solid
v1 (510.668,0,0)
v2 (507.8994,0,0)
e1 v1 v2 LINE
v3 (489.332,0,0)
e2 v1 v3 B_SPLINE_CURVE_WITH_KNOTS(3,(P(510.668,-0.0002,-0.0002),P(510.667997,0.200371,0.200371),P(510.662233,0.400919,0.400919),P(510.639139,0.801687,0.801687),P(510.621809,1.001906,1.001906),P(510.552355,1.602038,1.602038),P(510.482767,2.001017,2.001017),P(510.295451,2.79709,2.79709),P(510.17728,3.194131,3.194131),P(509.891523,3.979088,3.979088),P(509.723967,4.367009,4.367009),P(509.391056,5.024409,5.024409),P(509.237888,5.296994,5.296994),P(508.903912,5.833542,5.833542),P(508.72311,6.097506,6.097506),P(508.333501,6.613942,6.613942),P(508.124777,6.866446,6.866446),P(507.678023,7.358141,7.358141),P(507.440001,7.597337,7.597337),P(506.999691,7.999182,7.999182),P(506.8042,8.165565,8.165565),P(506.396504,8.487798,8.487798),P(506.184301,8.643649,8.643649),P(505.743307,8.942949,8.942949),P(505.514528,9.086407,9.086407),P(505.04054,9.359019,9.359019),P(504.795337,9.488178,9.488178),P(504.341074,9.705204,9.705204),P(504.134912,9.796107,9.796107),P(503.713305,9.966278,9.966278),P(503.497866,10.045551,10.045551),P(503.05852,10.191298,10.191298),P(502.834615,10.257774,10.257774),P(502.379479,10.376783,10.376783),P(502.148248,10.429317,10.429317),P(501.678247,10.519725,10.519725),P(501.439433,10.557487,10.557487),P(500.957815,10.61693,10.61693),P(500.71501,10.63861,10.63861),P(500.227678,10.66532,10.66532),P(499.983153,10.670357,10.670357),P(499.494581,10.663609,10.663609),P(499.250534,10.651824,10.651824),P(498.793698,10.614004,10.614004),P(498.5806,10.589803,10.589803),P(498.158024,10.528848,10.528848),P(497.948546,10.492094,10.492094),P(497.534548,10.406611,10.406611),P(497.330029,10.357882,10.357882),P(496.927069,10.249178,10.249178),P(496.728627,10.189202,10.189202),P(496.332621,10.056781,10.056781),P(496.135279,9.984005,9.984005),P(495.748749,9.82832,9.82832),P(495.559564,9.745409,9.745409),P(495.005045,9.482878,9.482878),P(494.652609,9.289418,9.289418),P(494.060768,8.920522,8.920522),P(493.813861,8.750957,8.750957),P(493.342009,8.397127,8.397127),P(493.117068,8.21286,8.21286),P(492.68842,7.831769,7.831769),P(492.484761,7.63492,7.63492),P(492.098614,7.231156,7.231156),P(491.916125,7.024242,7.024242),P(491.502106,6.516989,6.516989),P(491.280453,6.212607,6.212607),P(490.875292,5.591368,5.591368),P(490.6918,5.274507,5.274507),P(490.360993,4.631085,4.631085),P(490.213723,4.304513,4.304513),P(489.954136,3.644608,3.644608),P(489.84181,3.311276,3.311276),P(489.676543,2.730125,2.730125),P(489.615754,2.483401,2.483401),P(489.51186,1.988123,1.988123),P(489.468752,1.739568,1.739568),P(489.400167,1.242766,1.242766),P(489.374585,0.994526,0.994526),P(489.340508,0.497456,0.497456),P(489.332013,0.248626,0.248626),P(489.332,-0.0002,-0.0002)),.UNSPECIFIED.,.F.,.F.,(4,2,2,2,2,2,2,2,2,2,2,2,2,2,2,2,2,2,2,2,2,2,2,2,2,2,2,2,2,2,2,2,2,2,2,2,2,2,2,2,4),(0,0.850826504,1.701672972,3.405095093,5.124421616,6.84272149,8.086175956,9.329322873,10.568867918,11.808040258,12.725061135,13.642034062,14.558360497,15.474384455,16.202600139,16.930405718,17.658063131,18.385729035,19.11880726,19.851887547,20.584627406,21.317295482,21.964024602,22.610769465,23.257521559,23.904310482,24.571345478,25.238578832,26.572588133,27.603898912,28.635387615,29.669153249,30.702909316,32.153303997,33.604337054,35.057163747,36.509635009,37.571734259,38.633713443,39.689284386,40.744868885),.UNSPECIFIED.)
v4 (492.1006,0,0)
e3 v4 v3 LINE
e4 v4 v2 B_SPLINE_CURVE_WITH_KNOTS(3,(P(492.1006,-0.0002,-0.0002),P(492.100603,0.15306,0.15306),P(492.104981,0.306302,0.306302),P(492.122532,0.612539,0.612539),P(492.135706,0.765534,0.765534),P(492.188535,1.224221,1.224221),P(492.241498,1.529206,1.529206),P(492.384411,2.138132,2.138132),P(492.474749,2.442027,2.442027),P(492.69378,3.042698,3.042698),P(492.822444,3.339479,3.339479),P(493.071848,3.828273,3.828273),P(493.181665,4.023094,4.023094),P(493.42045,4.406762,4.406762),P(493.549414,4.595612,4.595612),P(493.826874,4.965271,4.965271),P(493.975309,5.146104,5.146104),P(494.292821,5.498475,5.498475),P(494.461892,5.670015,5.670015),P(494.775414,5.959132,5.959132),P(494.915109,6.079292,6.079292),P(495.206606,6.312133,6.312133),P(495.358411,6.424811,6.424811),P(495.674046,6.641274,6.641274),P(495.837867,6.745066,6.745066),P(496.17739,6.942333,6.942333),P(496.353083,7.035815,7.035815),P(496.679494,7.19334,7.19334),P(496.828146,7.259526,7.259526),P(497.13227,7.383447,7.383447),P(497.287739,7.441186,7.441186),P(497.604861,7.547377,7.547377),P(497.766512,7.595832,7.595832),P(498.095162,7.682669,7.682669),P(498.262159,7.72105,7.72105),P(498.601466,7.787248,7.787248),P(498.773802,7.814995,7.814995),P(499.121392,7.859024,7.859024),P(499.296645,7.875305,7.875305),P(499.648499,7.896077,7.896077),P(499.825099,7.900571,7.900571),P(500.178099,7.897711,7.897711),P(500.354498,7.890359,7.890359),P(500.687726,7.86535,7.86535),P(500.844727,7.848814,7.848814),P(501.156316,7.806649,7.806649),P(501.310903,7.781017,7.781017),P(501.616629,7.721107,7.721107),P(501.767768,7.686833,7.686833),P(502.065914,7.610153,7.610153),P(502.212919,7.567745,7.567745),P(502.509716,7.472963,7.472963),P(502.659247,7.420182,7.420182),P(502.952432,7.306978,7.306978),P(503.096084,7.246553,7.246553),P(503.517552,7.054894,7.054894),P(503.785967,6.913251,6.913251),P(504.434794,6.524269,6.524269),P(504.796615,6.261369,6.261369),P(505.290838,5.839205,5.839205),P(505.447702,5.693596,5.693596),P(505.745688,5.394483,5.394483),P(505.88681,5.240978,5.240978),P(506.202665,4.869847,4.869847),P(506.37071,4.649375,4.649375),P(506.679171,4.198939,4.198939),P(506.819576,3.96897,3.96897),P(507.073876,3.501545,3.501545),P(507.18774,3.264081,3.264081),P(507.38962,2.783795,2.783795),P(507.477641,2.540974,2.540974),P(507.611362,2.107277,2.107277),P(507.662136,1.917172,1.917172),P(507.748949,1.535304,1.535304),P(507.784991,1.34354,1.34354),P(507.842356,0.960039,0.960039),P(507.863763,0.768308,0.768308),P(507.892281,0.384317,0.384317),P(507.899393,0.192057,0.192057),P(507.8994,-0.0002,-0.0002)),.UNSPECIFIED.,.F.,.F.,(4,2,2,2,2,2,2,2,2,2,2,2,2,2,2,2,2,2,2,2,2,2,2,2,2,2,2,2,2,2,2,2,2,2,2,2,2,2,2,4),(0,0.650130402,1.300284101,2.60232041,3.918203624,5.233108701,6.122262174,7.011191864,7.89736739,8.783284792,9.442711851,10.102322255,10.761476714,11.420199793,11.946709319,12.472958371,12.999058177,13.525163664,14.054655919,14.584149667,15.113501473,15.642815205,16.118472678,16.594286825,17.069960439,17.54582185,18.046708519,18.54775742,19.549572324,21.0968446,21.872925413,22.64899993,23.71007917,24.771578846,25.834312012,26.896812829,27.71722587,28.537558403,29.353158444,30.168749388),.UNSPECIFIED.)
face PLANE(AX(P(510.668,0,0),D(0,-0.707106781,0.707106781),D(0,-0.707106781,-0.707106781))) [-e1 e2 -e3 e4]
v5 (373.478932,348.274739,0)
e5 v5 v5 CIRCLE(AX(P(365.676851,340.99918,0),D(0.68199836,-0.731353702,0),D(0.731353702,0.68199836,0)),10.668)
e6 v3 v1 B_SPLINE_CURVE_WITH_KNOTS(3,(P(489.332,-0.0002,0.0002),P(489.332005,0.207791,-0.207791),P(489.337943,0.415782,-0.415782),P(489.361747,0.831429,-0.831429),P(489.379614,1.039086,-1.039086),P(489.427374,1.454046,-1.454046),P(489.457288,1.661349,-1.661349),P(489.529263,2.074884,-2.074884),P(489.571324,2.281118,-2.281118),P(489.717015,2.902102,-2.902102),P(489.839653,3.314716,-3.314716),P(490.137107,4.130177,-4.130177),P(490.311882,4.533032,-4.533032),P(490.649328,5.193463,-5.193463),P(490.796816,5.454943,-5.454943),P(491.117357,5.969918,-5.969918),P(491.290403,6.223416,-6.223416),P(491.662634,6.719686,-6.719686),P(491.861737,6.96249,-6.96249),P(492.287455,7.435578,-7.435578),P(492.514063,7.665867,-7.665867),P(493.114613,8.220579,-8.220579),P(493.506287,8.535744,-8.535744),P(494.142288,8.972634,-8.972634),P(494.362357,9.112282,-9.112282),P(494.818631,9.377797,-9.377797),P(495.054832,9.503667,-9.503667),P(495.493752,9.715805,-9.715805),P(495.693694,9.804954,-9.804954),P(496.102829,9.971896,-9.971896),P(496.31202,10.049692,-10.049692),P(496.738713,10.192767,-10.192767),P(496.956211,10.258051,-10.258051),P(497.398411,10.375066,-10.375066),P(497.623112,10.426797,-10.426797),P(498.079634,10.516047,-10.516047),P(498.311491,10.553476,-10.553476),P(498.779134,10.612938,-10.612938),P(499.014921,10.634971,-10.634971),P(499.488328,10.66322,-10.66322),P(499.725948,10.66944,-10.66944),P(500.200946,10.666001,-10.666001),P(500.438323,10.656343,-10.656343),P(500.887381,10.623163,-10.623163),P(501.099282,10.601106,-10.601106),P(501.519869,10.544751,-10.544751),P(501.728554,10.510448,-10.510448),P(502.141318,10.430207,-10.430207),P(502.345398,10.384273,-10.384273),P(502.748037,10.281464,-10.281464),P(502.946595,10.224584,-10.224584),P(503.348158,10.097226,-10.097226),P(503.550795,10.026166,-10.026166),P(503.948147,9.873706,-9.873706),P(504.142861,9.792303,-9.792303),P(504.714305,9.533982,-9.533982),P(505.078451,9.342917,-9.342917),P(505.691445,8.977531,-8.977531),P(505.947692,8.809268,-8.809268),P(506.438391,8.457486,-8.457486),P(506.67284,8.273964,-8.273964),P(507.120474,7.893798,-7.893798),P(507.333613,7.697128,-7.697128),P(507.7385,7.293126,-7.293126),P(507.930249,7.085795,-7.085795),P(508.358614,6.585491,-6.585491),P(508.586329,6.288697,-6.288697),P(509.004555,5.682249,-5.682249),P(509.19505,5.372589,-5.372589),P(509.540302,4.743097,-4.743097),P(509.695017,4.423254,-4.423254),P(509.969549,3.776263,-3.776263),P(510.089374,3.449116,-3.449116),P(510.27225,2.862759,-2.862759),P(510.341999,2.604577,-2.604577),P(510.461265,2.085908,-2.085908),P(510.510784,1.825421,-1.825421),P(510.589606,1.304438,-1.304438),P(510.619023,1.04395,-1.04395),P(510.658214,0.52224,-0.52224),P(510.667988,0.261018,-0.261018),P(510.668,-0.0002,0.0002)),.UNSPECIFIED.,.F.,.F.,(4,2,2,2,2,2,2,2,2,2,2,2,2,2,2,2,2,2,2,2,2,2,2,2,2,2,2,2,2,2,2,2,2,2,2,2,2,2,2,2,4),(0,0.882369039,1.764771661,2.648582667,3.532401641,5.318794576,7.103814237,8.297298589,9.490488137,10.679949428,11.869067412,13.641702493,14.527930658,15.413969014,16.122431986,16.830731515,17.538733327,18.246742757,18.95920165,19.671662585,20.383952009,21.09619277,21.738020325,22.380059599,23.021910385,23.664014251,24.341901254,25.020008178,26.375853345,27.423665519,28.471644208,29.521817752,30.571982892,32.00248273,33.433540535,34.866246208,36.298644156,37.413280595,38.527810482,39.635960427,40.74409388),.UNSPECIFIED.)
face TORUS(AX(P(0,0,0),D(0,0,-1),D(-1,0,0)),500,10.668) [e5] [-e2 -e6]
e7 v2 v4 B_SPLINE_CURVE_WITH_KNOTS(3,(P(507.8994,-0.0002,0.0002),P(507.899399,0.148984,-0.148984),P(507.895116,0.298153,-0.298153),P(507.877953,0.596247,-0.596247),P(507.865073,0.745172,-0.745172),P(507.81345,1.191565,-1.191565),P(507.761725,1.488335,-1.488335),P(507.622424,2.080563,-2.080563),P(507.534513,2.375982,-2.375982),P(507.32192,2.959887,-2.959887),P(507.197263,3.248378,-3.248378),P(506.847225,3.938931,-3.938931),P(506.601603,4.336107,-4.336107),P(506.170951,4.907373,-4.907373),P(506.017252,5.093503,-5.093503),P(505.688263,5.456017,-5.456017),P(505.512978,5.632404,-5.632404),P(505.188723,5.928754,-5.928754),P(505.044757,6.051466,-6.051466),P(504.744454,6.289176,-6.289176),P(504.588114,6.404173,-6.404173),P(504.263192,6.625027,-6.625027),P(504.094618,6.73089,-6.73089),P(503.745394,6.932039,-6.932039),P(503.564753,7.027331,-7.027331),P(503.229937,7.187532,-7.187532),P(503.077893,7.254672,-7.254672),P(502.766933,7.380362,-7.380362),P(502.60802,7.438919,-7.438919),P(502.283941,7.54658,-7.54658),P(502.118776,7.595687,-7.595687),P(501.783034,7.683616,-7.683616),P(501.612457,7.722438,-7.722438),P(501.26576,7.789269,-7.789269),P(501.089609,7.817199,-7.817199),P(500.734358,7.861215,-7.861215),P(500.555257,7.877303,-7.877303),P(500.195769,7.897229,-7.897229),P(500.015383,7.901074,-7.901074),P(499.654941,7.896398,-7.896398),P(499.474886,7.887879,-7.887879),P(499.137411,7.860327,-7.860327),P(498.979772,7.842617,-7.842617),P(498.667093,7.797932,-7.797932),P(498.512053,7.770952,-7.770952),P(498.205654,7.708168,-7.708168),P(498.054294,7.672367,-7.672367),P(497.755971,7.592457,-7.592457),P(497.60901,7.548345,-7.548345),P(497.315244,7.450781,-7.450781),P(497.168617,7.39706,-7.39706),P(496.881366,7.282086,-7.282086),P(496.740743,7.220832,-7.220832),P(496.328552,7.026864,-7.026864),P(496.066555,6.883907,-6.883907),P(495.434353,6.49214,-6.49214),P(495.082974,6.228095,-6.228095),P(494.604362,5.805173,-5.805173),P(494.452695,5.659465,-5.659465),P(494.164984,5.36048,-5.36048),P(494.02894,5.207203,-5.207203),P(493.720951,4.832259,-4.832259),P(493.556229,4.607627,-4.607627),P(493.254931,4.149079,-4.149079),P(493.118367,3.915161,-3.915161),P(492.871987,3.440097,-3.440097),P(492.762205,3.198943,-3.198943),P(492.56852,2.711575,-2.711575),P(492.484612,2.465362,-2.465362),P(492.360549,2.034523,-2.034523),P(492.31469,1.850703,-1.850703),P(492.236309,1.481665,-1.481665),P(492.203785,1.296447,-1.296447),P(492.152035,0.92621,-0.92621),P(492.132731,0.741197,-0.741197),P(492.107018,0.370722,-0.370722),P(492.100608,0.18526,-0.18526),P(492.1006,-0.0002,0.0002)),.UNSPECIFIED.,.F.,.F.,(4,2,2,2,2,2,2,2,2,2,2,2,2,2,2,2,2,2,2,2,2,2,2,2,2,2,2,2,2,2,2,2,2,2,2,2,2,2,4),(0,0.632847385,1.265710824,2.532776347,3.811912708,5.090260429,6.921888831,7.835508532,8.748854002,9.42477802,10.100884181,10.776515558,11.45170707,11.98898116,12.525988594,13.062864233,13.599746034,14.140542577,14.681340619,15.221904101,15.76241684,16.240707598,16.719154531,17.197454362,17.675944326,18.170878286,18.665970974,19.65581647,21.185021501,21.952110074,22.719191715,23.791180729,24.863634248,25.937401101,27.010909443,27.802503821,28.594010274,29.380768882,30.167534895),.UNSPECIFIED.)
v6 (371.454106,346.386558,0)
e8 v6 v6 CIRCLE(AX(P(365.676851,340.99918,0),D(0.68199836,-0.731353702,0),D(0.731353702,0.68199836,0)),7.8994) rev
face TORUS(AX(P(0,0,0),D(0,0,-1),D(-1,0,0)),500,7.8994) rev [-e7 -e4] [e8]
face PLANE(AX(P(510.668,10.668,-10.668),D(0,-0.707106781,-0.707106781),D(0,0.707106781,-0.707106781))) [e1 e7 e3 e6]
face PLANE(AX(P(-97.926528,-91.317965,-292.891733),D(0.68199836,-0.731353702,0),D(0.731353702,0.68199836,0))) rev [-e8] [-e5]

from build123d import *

# Parameters (mm, degrees)
SKETCH2_R          = 10.668
SKETCH2_R_2        = 7.8994
CUT_EXTRUDE2_DEPTH = 723.272399361
CUT_EXTRUDE4_START = 489.220558
CUT_EXTRUDE4_DEPTH = 21.447442


with BuildPart() as part:
    # Sweep1: sweep along a path in Sketch1
    with BuildLine(Plane.XY) as sweep1_path:
        ThreePointArc((0, 500), (353.553390593, 353.553390593), (500, 0))
    # Sketch2 → Sweep1 (sweep)
    with BuildSketch(Plane(origin=(0, 0, 0), x_dir=(1, 0, 0), z_dir=(0, 1, 0))):
        with Locations((500, 0)):
            Circle(SKETCH2_R)
        with Locations((500, 0)):
            Circle(SKETCH2_R_2, mode=Mode.SUBTRACT)
    sweep(path=sweep1_path.line)

    # Sketch4 → Cut-Extrude2 (cut, through all)
    with BuildSketch(Plane(origin=(0, 0, 0), x_dir=(0, 0, -1), z_dir=(1, 0, 0))):
        Polygon((0, 0), (-10.668, 10.668), (-10.668, -2.04612568), (10.668, -2.04612568), (10.668, 10.668), align=None)
    extrude(amount=CUT_EXTRUDE2_DEPTH, mode=Mode.SUBTRACT)

    # Sketch3 → Cut-Extrude4 (cut)
    with BuildSketch(Plane(origin=(0, 0, 0), x_dir=(1, 0, 0), z_dir=(0, 1, 0)).offset(CUT_EXTRUDE4_START)):
        Polygon((0, 0), (10.668, 10.668), (-11.575334071, 10.668), (-11.575334071, -10.668), (10.668, -10.668), align=None)
    extrude(amount=CUT_EXTRUDE4_DEPTH, mode=Mode.SUBTRACT)


with BuildPart() as body_2:
    # Split1: the piece on the far side of the plane
    add(part.part)
    split(bisect_by=Plane(origin=(-97.926528316, -91.317964988, -292.891733477), x_dir=(-0.7313537016191695, -0.6819983600624997, 0), z_dir=(0.6819983600624997, -0.7313537016191695, 1.2184435043554652e-15)), keep=Keep.BOTTOM)


with BuildPart() as part_1:
    add(part.part)

    # Split1
    split(bisect_by=Plane(origin=(-97.926528316, -91.317964988, -292.891733477), x_dir=(-0.7313537016191695, -0.6819983600624997, 0), z_dir=(0.6819983600624997, -0.7313537016191695, 1.2184435043554652e-15)), keep=Keep.TOP)


solid = part_1.part
